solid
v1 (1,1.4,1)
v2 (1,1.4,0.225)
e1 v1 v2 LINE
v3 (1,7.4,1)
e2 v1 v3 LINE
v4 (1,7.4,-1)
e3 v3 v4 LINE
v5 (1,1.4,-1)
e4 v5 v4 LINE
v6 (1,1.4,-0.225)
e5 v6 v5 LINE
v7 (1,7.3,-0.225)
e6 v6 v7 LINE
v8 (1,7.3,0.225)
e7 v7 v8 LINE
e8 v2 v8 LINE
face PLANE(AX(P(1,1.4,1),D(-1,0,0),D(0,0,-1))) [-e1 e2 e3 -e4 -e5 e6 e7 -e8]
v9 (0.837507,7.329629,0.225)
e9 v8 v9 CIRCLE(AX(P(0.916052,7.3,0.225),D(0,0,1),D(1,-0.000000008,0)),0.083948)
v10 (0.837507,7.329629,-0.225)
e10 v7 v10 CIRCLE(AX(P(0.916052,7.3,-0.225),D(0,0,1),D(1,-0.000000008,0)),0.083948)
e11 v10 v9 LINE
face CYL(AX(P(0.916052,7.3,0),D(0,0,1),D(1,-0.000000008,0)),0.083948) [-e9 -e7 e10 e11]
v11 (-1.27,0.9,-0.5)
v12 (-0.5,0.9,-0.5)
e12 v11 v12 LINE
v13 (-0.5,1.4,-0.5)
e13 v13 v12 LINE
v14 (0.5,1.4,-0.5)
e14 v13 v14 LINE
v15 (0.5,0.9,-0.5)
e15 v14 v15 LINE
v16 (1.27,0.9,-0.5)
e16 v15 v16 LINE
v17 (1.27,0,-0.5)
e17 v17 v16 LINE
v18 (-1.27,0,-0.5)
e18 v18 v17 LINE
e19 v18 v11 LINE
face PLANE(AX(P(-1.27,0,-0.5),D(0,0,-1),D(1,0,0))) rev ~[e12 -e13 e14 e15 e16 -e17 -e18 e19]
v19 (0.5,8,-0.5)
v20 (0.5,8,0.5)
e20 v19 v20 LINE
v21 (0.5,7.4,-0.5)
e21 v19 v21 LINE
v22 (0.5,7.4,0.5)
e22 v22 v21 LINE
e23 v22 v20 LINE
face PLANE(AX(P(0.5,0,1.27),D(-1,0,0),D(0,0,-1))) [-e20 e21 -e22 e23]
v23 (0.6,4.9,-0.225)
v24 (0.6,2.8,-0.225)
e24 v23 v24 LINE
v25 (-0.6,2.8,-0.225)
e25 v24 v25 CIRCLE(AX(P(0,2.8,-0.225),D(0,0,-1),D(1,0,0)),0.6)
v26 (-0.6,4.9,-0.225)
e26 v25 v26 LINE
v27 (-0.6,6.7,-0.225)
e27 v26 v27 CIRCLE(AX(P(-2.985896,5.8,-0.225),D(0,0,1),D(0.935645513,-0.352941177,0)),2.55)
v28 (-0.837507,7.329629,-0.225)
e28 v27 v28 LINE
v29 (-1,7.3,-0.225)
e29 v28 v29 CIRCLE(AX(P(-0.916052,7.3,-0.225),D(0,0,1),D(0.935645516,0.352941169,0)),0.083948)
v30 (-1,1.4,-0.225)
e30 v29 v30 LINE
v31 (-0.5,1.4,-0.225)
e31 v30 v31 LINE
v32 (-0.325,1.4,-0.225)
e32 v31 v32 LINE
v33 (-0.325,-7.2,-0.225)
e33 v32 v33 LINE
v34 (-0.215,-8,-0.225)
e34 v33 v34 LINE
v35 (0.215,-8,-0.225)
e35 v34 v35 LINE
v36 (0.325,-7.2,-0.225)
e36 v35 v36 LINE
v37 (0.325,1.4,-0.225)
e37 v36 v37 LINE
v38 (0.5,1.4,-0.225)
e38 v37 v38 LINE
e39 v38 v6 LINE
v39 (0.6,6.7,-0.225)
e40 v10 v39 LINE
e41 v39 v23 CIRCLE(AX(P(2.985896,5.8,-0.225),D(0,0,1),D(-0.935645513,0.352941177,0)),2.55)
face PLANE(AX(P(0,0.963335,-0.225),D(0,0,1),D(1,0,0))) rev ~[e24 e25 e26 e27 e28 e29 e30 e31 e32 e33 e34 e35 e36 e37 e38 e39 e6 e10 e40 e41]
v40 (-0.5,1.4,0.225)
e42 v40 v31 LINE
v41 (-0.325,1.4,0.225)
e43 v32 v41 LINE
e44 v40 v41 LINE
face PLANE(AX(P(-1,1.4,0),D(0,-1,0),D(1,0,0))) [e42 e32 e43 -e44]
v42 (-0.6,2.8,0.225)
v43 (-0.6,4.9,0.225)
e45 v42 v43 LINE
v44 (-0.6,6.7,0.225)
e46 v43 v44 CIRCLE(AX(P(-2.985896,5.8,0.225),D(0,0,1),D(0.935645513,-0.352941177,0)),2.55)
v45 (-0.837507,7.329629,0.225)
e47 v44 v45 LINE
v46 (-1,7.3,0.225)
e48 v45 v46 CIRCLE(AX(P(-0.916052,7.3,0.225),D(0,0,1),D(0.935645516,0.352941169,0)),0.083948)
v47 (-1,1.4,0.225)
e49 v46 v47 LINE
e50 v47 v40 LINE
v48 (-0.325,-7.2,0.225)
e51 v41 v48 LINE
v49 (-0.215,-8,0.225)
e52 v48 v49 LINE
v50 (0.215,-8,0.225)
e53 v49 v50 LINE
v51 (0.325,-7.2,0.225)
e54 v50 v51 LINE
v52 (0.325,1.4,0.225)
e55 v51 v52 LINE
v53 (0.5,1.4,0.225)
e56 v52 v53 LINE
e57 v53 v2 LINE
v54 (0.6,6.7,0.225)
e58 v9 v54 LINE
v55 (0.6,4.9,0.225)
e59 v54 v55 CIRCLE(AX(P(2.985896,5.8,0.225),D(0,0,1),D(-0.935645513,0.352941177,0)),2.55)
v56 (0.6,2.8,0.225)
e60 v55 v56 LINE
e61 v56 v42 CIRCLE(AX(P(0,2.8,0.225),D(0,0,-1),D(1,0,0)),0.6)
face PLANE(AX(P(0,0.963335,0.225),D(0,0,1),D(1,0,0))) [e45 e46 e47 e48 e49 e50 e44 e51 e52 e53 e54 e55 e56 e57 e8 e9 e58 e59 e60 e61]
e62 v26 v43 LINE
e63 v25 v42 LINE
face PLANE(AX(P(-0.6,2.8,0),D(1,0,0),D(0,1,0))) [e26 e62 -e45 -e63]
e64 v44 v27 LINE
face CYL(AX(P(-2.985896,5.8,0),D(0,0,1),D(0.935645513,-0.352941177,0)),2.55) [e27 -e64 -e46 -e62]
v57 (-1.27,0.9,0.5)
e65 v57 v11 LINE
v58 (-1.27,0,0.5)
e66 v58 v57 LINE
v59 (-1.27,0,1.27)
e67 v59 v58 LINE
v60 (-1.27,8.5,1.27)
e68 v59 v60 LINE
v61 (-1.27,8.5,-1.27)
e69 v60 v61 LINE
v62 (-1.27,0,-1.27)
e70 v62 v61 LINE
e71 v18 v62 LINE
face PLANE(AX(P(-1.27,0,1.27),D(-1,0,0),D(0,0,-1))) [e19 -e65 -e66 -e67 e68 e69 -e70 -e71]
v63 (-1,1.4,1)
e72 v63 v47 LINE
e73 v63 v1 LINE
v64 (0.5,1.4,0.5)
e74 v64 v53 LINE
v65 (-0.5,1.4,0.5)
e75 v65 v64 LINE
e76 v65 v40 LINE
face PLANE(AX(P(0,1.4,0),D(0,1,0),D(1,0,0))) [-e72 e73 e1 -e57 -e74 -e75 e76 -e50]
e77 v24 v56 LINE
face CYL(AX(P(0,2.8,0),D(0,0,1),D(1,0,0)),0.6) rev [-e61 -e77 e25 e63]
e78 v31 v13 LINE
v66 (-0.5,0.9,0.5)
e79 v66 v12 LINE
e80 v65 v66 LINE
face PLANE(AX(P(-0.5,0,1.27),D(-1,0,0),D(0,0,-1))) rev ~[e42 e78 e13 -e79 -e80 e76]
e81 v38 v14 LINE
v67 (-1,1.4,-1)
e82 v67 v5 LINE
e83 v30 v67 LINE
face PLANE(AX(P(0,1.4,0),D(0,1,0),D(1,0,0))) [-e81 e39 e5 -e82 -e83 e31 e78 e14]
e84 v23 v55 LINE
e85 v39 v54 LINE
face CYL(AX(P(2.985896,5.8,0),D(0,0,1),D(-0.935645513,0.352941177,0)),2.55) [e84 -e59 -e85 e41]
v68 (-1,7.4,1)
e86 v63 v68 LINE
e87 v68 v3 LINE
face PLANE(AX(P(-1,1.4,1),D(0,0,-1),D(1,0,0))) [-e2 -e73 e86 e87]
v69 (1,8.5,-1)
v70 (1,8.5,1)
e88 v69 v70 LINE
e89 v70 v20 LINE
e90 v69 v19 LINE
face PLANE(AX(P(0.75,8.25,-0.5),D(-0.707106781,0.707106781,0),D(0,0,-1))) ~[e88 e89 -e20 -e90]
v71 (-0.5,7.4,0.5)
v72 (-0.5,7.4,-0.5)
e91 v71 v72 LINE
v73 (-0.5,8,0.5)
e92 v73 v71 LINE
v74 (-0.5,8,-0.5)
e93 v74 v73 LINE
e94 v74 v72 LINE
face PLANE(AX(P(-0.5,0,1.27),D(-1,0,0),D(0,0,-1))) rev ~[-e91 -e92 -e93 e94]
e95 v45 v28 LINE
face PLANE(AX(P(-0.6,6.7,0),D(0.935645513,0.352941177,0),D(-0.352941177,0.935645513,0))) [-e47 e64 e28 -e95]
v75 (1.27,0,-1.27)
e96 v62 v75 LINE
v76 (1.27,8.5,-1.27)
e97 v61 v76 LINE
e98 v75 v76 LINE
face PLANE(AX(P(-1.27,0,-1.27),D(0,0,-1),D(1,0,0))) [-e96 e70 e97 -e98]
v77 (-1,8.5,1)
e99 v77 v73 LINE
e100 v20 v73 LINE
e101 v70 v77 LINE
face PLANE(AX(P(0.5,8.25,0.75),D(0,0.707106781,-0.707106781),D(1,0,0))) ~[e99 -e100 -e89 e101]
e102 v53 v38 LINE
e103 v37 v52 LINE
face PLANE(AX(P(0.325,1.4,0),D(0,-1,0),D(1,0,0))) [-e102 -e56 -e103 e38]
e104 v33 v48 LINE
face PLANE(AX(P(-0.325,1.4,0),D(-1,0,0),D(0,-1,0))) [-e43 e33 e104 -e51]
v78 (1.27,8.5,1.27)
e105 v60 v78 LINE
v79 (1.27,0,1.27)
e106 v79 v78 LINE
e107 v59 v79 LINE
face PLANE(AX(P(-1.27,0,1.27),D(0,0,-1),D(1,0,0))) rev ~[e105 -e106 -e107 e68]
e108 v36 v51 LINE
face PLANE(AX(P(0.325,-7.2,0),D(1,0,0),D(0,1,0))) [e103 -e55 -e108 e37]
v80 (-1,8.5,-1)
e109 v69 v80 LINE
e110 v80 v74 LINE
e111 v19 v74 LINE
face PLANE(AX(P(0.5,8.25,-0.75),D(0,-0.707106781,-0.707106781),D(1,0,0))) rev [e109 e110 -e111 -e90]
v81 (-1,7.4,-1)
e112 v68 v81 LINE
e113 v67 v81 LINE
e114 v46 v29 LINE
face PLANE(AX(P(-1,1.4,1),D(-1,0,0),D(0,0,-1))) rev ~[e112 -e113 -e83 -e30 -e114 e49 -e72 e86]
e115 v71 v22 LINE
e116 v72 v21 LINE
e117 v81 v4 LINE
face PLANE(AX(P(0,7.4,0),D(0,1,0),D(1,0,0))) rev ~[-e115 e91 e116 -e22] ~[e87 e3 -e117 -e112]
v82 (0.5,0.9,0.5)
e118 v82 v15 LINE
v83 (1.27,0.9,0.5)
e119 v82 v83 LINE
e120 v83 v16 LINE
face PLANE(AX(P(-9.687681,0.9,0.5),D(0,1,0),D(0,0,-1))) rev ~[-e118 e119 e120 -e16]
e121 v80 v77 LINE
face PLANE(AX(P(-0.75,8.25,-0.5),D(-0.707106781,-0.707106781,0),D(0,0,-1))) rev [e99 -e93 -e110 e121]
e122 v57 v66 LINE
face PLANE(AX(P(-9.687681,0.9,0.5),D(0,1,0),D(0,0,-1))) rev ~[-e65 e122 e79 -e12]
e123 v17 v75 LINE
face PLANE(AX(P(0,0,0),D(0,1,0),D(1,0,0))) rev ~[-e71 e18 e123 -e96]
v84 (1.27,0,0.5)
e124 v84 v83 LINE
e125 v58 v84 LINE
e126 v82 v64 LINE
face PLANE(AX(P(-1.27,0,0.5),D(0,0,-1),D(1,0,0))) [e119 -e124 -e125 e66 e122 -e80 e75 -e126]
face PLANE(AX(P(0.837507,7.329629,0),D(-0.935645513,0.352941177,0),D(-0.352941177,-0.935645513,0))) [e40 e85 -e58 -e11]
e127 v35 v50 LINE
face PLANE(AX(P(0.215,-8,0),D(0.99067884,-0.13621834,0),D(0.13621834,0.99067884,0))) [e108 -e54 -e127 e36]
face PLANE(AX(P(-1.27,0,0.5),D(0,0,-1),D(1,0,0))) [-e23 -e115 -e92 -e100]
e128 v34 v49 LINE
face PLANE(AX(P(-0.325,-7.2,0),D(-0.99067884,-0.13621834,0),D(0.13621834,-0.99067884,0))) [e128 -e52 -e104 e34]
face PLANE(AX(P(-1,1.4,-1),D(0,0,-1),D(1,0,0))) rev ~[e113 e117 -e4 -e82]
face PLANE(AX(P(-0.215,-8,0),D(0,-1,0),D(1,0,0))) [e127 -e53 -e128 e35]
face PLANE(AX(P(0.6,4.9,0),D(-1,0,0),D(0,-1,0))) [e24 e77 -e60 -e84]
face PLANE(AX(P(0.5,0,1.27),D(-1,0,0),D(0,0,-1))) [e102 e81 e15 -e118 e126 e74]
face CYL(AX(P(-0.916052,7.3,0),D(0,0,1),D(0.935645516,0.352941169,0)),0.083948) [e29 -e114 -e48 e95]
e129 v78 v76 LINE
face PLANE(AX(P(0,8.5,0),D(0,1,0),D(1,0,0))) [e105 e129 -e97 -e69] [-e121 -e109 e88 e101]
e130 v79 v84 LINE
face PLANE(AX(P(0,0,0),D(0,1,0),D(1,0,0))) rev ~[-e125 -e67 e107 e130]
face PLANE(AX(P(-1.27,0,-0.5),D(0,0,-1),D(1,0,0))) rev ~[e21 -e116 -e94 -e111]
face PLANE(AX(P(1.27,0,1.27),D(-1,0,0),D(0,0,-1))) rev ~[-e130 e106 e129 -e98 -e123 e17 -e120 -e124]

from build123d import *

# Parameters (mm, degrees)
SKETCH1_W               = 2.54
SKETCH1_H               = 2.54
BOSS_EXTRUDE1_DEPTH     = 8.5
SHELL1_T                = -0.77
CHAMFER1_SIZE           = 0.5
CUT_EXTRUDE1_DEPTH      = 9.687680933
CUT_EXTRUDE1_DEPTH_BACK = 9.687680933
SKETCH2_W               = 1
SKETCH2_H               = 0.9
CUT_EXTRUDE3_START      = 1.4
SKETCH3_W               = 2
SKETCH3_H               = 2
CUT_EXTRUDE3_DEPTH      = 6
BOSS_EXTRUDE2_DEPTH     = 0.225


with BuildPart() as part:
    # Sketch1 → Boss-Extrude1 (new body)
    with BuildSketch(Plane(origin=(0, 0, 0), x_dir=(1, 0, 0), z_dir=(0, 1, 0))):
        Rectangle(SKETCH1_W, SKETCH1_H)
    extrude(amount=BOSS_EXTRUDE1_DEPTH)

    # Shell1
    shell1_openings = [part.faces().sort_by_distance(p)[0] for p in [
        (0, 8.5, 0),
    ]]
    offset(amount=SHELL1_T, openings=shell1_openings, kind=Kind.INTERSECTION)

    # Chamfer1
    chamfer1_edges = [part.edges().sort_by_distance(p)[0] for p in [
        (-0.5, 8.5, 0),
        (0, 8.5, 0.5),
        (0.5, 8.5, 0),
        (0, 8.5, -0.5),
    ]]
    chamfer(chamfer1_edges, length=CHAMFER1_SIZE)

    # Sketch2 → Cut-Extrude1 (cut, two sides: drawn at the far end of the back side and taken through both)
    with BuildSketch(Plane(origin=(0, 0, 0), x_dir=(0, 0, -1), z_dir=(1, 0, 0)).offset(-CUT_EXTRUDE1_DEPTH_BACK)):
        with Locations((0, 0.45)):
            Rectangle(SKETCH2_W, SKETCH2_H)
    extrude(amount=CUT_EXTRUDE1_DEPTH + CUT_EXTRUDE1_DEPTH_BACK, mode=Mode.SUBTRACT)

    # Sketch3 → Cut-Extrude3 (cut)
    with BuildSketch(Plane(origin=(0, 0, 0), x_dir=(1, 0, 0), z_dir=(0, 1, 0)).offset(CUT_EXTRUDE3_START)):
        Rectangle(SKETCH3_W, SKETCH3_H)
    extrude(amount=CUT_EXTRUDE3_DEPTH, mode=Mode.SUBTRACT)

    # Sketch4 → Boss-Extrude2 (add, symmetric)
    with BuildSketch(Plane.XY):
        with BuildLine():
            Line((-1, 7.3), (-1, 1.4))
            Line((-1, 1.4), (-0.325, 1.4))
            Line((-0.325, 1.4), (-0.325, -7.2))
            Line((-0.325, -7.2), (-0.215, -8))
            Line((-0.215, -8), (0.215, -8))
            Line((0.215, -8), (0.325, -7.2))
            Line((0.325, -7.2), (0.325, 1.4))
            Line((0.325, 1.4), (1, 1.4))
            Line((1, 1.4), (1, 7.3))
            ThreePointArc((1, 7.3), (0.931110636, 7.382586314), (0.837506501, 7.329628693))
            Line((0.837506501, 7.329628693), (0.6, 6.7))
            ThreePointArc((0.6, 6.7), (0.435896058, 5.8), (0.6, 4.9))
            Line((0.6, 4.9), (0.6, 2.8))
            ThreePointArc((0.6, 2.8), (0, 2.2), (-0.6, 2.8))
            Line((-0.6, 2.8), (-0.6, 4.9))
            ThreePointArc((-0.6, 4.9), (-0.435896058, 5.8), (-0.6, 6.7))
            Line((-0.6, 6.7), (-0.837506501, 7.329628693))
            ThreePointArc((-0.837506501, 7.329628693), (-0.931110636, 7.382586314), (-1, 7.3))
        make_face()
    extrude(amount=BOSS_EXTRUDE2_DEPTH, both=True)


solid = part.part
